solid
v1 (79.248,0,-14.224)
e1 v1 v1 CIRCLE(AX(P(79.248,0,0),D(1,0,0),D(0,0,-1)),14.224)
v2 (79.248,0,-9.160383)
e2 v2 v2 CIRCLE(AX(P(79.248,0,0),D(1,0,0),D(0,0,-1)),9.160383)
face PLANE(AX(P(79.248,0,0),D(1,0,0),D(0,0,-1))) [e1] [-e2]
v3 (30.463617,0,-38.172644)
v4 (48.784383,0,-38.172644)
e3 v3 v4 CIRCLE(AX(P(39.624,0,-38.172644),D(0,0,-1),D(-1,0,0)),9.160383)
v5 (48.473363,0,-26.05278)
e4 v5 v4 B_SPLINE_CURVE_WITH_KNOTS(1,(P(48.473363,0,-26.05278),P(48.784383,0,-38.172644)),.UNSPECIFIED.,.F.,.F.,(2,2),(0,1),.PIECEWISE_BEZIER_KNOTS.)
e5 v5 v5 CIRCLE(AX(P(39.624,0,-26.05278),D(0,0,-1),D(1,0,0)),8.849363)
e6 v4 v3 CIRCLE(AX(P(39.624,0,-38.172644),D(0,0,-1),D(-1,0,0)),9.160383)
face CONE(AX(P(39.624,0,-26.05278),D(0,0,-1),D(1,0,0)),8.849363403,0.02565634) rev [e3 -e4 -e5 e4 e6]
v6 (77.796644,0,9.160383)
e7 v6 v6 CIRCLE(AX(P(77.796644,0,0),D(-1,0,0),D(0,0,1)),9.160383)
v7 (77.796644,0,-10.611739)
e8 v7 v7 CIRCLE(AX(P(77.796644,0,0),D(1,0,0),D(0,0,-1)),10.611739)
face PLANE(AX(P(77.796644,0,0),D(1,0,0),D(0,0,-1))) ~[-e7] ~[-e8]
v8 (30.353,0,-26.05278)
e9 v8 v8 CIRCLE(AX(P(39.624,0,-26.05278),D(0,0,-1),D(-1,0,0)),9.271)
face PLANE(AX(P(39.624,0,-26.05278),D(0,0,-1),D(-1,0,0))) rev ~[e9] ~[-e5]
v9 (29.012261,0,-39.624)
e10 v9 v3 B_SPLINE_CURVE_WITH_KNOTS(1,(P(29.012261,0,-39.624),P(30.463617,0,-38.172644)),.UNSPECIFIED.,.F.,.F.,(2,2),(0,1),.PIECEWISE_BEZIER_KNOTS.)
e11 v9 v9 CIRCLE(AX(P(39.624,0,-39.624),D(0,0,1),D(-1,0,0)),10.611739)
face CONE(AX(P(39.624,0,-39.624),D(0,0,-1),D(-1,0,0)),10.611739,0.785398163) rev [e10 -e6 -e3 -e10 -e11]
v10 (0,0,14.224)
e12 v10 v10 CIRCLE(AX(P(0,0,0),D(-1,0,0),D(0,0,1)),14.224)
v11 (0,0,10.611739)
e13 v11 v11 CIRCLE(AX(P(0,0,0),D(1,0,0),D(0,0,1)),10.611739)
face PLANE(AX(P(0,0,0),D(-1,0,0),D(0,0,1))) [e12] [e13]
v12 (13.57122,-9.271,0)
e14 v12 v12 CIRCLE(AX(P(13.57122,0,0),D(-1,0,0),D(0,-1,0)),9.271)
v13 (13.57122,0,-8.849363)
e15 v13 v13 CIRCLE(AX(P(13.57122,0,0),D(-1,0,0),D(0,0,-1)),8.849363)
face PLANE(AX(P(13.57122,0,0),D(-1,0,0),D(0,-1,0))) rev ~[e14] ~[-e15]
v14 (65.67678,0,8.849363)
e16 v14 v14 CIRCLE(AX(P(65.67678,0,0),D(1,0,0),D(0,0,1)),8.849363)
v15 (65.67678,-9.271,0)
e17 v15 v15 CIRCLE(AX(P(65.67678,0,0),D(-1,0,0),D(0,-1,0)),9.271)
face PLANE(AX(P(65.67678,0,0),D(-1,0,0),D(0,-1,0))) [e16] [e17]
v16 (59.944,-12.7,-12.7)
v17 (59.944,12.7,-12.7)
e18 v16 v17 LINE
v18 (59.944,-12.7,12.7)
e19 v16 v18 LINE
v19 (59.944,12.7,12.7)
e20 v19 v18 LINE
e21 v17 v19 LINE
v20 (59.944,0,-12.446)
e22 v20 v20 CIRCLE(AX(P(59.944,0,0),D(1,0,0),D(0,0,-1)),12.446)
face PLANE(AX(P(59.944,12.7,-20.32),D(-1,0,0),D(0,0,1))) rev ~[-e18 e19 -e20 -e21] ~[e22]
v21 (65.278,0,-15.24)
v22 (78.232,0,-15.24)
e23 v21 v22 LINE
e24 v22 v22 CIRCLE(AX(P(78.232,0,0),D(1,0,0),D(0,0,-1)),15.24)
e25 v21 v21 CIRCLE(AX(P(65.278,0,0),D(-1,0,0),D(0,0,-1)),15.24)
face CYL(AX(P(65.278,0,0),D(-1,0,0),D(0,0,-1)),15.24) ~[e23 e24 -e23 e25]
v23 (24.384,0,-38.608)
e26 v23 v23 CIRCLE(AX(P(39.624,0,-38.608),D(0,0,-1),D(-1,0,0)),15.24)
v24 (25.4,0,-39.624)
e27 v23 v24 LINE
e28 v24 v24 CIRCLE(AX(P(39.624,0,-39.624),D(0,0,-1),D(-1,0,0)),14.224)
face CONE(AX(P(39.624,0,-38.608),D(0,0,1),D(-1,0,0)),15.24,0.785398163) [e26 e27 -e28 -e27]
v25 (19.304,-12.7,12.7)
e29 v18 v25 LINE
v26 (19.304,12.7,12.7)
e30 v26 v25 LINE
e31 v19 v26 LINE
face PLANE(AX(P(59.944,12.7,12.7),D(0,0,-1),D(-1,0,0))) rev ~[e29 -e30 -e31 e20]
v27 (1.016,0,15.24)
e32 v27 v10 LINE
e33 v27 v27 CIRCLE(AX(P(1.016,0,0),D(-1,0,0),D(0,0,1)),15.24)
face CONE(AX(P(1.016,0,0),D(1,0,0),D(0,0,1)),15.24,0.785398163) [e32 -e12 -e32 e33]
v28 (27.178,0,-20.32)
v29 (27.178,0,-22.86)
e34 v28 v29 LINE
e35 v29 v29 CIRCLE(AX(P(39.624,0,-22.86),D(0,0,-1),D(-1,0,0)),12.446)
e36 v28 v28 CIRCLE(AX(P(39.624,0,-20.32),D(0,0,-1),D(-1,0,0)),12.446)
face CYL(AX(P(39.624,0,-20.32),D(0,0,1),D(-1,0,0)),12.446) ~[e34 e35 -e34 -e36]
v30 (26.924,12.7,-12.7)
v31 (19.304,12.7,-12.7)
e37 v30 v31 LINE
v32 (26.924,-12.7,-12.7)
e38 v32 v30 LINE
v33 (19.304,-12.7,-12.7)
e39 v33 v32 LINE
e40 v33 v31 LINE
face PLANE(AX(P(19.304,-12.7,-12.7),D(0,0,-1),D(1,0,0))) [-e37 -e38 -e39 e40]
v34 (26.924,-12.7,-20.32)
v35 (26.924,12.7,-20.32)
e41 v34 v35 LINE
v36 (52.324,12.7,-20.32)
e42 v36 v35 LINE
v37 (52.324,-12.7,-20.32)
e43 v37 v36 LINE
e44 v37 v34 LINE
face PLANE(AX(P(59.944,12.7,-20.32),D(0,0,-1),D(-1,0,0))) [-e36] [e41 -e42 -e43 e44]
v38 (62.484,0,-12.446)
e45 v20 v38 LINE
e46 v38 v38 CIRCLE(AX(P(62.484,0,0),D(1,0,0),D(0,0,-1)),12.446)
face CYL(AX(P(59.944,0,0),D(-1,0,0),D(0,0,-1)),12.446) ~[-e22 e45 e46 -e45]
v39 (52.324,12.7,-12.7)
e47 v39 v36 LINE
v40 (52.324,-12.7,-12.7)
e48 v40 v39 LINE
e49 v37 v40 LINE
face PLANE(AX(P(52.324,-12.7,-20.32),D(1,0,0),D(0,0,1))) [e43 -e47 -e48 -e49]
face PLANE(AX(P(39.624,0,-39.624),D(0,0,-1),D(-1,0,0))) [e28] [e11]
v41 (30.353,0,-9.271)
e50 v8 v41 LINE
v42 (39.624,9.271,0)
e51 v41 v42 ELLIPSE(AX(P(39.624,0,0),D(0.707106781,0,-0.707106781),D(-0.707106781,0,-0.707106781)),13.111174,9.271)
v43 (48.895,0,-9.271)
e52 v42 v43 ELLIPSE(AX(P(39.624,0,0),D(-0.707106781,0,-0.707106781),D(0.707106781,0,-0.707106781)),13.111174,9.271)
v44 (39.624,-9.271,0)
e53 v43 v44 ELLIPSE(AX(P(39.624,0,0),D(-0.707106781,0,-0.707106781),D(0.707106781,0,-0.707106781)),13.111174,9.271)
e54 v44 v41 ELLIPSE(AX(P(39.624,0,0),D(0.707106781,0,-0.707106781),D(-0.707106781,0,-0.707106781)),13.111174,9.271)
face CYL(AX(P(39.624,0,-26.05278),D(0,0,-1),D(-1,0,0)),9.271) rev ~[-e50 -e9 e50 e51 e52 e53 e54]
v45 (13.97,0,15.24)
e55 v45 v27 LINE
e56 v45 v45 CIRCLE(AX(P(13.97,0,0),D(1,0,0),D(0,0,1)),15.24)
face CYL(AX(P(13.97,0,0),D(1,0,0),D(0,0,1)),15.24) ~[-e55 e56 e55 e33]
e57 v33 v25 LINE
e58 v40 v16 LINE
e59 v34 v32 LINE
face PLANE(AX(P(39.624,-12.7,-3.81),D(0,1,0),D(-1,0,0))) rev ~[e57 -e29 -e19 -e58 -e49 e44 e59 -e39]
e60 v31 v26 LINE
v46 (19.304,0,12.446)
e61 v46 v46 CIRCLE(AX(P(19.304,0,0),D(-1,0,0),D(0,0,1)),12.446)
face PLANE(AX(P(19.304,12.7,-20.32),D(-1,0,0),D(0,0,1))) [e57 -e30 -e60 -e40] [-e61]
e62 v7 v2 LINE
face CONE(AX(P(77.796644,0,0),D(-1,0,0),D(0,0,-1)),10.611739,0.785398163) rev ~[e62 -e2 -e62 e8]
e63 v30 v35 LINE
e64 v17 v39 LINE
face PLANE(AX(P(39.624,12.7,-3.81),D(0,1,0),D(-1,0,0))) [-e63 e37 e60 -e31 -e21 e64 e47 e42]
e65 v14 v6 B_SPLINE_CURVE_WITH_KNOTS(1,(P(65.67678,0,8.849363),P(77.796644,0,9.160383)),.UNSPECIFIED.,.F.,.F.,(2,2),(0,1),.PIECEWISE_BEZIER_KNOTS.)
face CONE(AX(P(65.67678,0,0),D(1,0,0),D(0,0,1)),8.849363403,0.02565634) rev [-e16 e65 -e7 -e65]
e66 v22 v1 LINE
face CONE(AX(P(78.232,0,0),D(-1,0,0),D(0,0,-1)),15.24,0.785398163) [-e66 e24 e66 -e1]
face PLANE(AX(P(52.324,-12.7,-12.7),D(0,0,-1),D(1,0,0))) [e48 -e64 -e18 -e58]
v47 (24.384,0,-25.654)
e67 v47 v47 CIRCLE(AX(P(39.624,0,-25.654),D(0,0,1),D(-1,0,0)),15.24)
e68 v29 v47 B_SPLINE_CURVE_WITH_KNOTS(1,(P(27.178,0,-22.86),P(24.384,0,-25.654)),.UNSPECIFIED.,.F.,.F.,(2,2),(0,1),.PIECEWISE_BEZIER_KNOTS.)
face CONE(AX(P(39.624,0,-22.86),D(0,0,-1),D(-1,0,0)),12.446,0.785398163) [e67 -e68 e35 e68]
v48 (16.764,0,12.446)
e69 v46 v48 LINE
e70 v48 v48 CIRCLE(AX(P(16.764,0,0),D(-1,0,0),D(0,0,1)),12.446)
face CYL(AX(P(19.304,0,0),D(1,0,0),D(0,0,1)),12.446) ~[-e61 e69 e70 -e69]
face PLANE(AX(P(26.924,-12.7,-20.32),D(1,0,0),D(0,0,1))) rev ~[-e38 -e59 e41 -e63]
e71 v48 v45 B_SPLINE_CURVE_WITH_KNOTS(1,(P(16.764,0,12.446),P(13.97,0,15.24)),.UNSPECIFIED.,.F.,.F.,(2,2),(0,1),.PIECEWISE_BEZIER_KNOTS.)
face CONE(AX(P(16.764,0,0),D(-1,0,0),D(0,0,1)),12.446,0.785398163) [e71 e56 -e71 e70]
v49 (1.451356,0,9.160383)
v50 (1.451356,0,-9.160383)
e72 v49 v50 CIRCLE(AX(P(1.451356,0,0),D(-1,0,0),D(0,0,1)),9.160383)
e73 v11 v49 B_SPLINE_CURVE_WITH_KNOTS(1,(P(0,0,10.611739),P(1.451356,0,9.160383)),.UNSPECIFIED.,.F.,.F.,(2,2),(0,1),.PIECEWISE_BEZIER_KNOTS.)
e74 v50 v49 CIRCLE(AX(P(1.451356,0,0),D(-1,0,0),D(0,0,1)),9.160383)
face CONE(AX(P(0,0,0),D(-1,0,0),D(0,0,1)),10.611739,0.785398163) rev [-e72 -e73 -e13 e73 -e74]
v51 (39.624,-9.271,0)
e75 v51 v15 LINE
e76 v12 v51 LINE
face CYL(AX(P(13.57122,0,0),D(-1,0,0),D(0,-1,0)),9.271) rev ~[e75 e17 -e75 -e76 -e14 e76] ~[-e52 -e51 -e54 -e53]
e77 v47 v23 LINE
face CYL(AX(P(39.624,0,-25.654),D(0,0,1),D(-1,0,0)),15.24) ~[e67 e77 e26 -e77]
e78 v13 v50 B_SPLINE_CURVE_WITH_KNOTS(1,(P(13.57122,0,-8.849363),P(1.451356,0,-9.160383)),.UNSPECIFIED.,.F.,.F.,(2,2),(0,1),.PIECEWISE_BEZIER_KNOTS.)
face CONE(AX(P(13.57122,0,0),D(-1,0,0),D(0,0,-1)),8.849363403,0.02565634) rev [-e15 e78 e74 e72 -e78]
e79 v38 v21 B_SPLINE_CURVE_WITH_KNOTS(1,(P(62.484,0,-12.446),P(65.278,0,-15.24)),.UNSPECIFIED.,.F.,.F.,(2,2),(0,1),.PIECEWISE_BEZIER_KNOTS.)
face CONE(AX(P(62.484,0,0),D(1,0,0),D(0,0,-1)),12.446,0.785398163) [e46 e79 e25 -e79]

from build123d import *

# Parameters (mm, degrees)
SKETCH1_W            = 40.64
SKETCH1_H            = 33.02
BOSS_EXTRUDE1_DEPTH  = 25.4
SKETCH2_W            = 7.62
SKETCH2_H            = 7.62
CUT_EXTRUDE1_DEPTH   = 26.4
SKETCH3_W            = 7.62
SKETCH3_H            = 7.62
CUT_EXTRUDE2_DEPTH   = 26.4
SKETCH4_R            = 12.446
BOSS_EXTRUDE2_DEPTH  = 2.54
SKETCH5_R            = 12.446
BOSS_EXTRUDE3_DEPTH  = 2.794
BOSS_EXTRUDE3_TAPER  = -45
SKETCH6_R            = 15.24
BOSS_EXTRUDE4_DEPTH  = 13.97
SKETCH7_R            = 12.446
BOSS_EXTRUDE5_DEPTH  = 2.54
SKETCH8_R            = 12.446
BOSS_EXTRUDE6_DEPTH  = 2.794
BOSS_EXTRUDE6_TAPER  = -45
SKETCH9_R            = 15.24
BOSS_EXTRUDE7_DEPTH  = 13.97
SKETCH10_R           = 12.446
BOSS_EXTRUDE8_DEPTH  = 2.54
SKETCH11_R           = 12.446
BOSS_EXTRUDE9_DEPTH  = 2.794
BOSS_EXTRUDE9_TAPER  = -45
SKETCH12_R           = 15.24
BOSS_EXTRUDE10_DEPTH = 13.97
SKETCH13_R           = 9.271
CUT_EXTRUDE3_DEPTH   = 52.10556
CUT_EXTRUDE4_REACH   = 43.293
SKETCH14_R           = 9.271
SKETCH15_R           = 10.611739
CUT_EXTRUDE5_DEPTH   = 1.451356
CUT_EXTRUDE5_TAPER   = 45
SKETCH16_R           = 8.849363403
CUT_EXTRUDE6_DEPTH   = 12.119864
CUT_EXTRUDE6_TAPER   = -1.47
SKETCH17_R           = 10.611739
CUT_EXTRUDE7_DEPTH   = 1.451356
CUT_EXTRUDE7_TAPER   = 45
SKETCH18_R           = 8.849363403
CUT_EXTRUDE8_DEPTH   = 12.119864
CUT_EXTRUDE8_TAPER   = -1.47
SKETCH21_R           = 8.849363403
CUT_EXTRUDE9_DEPTH   = 12.119864
CUT_EXTRUDE9_TAPER   = -1.47
CHAMFER1_SIZE        = 1.016
CHAMFER2_SIZE        = 1.016
CHAMFER3_SIZE        = 1.016


with BuildPart() as part:
    # Sketch1 → Boss-Extrude1 (new body)
    with BuildSketch(Plane(origin=(0, 12.7, 0), x_dir=(-1, 0, 0), z_dir=(0, 1, 0))):
        with Locations((-39.624, -3.81)):
            Rectangle(SKETCH1_W, SKETCH1_H)
    extrude(amount=-BOSS_EXTRUDE1_DEPTH)

    # Sketch2 → Cut-Extrude1 (cut, through all)
    with BuildSketch(Plane.XZ.offset(12.7)):
        with Locations((56.134, -16.51)):
            Rectangle(SKETCH2_W, SKETCH2_H)
    extrude(amount=-CUT_EXTRUDE1_DEPTH, mode=Mode.SUBTRACT)

    # Sketch3 → Cut-Extrude2 (cut, through all)
    with BuildSketch(Plane.XZ.offset(12.7)):
        with Locations((23.114, -16.51)):
            Rectangle(SKETCH3_W, SKETCH3_H)
    extrude(amount=-CUT_EXTRUDE2_DEPTH, mode=Mode.SUBTRACT)

    # Sketch4 → Boss-Extrude2 (add)
    with BuildSketch(Plane.ZY.offset(-19.304)):
        Circle(SKETCH4_R)
    extrude(amount=BOSS_EXTRUDE2_DEPTH)

    # Sketch5 → Boss-Extrude3 (add)
    with BuildSketch(Plane.ZY.offset(-16.764)):
        Circle(SKETCH5_R)
    extrude(amount=BOSS_EXTRUDE3_DEPTH, taper=BOSS_EXTRUDE3_TAPER)

    # Sketch6 → Boss-Extrude4 (add)
    with BuildSketch(Plane.ZY.offset(-13.97)):
        Circle(SKETCH6_R)
    extrude(amount=BOSS_EXTRUDE4_DEPTH)

    # Sketch7 → Boss-Extrude5 (add)
    with BuildSketch(Plane(origin=(59.944, 0, 0), x_dir=(0, 0, -1), z_dir=(1, 0, 0))):
        Circle(SKETCH7_R)
    extrude(amount=BOSS_EXTRUDE5_DEPTH)

    # Sketch8 → Boss-Extrude6 (add)
    with BuildSketch(Plane(origin=(62.484, 0, 0), x_dir=(0, 0, -1), z_dir=(1, 0, 0))):
        Circle(SKETCH8_R)
    extrude(amount=BOSS_EXTRUDE6_DEPTH, taper=BOSS_EXTRUDE6_TAPER)

    # Sketch9 → Boss-Extrude7 (add)
    with BuildSketch(Plane(origin=(65.278, 0, 0), x_dir=(0, 0, -1), z_dir=(1, 0, 0))):
        Circle(SKETCH9_R)
    extrude(amount=BOSS_EXTRUDE7_DEPTH)

    # Sketch10 → Boss-Extrude8 (add)
    with BuildSketch(Plane(origin=(0, 0, -20.32), x_dir=(-1, 0, 0), z_dir=(0, 0, -1))):
        with Locations((-39.624, 0)):
            Circle(SKETCH10_R)
    extrude(amount=BOSS_EXTRUDE8_DEPTH)

    # Sketch11 → Boss-Extrude9 (add)
    with BuildSketch(Plane(origin=(0, 0, -22.86), x_dir=(-1, 0, 0), z_dir=(0, 0, -1))):
        with Locations((-39.624, 0)):
            Circle(SKETCH11_R)
    extrude(amount=BOSS_EXTRUDE9_DEPTH, taper=BOSS_EXTRUDE9_TAPER)

    # Sketch12 → Boss-Extrude10 (add)
    with BuildSketch(Plane(origin=(0, 0, -25.654), x_dir=(-1, 0, 0), z_dir=(0, 0, -1))):
        with Locations((-39.624, 0)):
            Circle(SKETCH12_R)
    extrude(amount=BOSS_EXTRUDE10_DEPTH)

    # Sketch13 → Cut-Extrude3 (cut)
    with BuildSketch(Plane(origin=(13.57122, 0, 0), x_dir=(0, -1, 0), z_dir=(-1, 0, 0))):
        Circle(SKETCH13_R)
    extrude(amount=-CUT_EXTRUDE3_DEPTH, mode=Mode.SUBTRACT)

    # Sketch14 → Cut-Extrude4 (cut, up to next)
    with BuildSketch(Plane(origin=(0, 0, -26.05278), x_dir=(-1, 0, 0), z_dir=(0, 0, -1)), mode=Mode.PRIVATE) as cut_extrude4_sk1:
        with Locations((-39.624, 0)):
            Circle(SKETCH14_R)
    cut_extrude4_tool1 = extrude(cut_extrude4_sk1.sketch, amount=-CUT_EXTRUDE4_REACH, mode=Mode.PRIVATE) & part.part
    add(cut_extrude4_tool1.solids().sort_by_distance((39.624, 0, -26.05278))[0], mode=Mode.SUBTRACT)

    # Sketch15 → Cut-Extrude5 (cut)
    with BuildSketch(Plane(origin=(0, 0, -39.624), x_dir=(-1, 0, 0), z_dir=(0, 0, -1))):
        with Locations((-39.624, 0)):
            Circle(SKETCH15_R)
    extrude(amount=-CUT_EXTRUDE5_DEPTH, taper=CUT_EXTRUDE5_TAPER, mode=Mode.SUBTRACT)

    # Sketch16 → Cut-Extrude6 (cut)
    with BuildSketch(Plane.XY.offset(-26.05278)):
        with Locations((39.624, 0)):
            Circle(SKETCH16_R)
    extrude(amount=-CUT_EXTRUDE6_DEPTH, taper=CUT_EXTRUDE6_TAPER, mode=Mode.SUBTRACT)

    # Sketch17 → Cut-Extrude7 (cut)
    with BuildSketch(Plane.ZY):
        Circle(SKETCH17_R)
    extrude(amount=-CUT_EXTRUDE7_DEPTH, taper=CUT_EXTRUDE7_TAPER, mode=Mode.SUBTRACT)

    # Sketch18 → Cut-Extrude8 (cut)
    with BuildSketch(Plane(origin=(13.57122, 0, 0), x_dir=(0, 0, -1), z_dir=(1, 0, 0))):
        Circle(SKETCH18_R)
    extrude(amount=-CUT_EXTRUDE8_DEPTH, taper=CUT_EXTRUDE8_TAPER, mode=Mode.SUBTRACT)

    # Sketch19 → Hole1 (revolve, cut)
    with BuildSketch(Plane(origin=(79.248, 0, 0), x_dir=(0, 0, -1), z_dir=(0, 1, 0))):
        Polygon((0, 0), (0, 1.451356), (10.611739, 1.451356), (9.160383, 0), align=None)
    revolve(axis=Axis((-30.752, 0, 0), (1, 0, 0)), mode=Mode.SUBTRACT)

    # Sketch21 → Cut-Extrude9 (cut)
    with BuildSketch(Plane.ZY.offset(-65.67678)):
        Circle(SKETCH21_R)
    extrude(amount=-CUT_EXTRUDE9_DEPTH, taper=CUT_EXTRUDE9_TAPER, mode=Mode.SUBTRACT)

    # Chamfer1
    chamfer1_edges = [part.edges().sort_by_distance(p)[0] for p in [
        (0, 0, -15.24),
    ]]
    chamfer(chamfer1_edges, length=CHAMFER1_SIZE)

    # Chamfer2
    chamfer2_edges = [part.edges().sort_by_distance(p)[0] for p in [
        (79.248, 0, 15.24),
    ]]
    chamfer(chamfer2_edges, length=CHAMFER2_SIZE)

    # Chamfer3
    chamfer3_edges = [part.edges().sort_by_distance(p)[0] for p in [
        (54.864, 0, -39.624),
    ]]
    chamfer(chamfer3_edges, length=CHAMFER3_SIZE)


solid = part.part
